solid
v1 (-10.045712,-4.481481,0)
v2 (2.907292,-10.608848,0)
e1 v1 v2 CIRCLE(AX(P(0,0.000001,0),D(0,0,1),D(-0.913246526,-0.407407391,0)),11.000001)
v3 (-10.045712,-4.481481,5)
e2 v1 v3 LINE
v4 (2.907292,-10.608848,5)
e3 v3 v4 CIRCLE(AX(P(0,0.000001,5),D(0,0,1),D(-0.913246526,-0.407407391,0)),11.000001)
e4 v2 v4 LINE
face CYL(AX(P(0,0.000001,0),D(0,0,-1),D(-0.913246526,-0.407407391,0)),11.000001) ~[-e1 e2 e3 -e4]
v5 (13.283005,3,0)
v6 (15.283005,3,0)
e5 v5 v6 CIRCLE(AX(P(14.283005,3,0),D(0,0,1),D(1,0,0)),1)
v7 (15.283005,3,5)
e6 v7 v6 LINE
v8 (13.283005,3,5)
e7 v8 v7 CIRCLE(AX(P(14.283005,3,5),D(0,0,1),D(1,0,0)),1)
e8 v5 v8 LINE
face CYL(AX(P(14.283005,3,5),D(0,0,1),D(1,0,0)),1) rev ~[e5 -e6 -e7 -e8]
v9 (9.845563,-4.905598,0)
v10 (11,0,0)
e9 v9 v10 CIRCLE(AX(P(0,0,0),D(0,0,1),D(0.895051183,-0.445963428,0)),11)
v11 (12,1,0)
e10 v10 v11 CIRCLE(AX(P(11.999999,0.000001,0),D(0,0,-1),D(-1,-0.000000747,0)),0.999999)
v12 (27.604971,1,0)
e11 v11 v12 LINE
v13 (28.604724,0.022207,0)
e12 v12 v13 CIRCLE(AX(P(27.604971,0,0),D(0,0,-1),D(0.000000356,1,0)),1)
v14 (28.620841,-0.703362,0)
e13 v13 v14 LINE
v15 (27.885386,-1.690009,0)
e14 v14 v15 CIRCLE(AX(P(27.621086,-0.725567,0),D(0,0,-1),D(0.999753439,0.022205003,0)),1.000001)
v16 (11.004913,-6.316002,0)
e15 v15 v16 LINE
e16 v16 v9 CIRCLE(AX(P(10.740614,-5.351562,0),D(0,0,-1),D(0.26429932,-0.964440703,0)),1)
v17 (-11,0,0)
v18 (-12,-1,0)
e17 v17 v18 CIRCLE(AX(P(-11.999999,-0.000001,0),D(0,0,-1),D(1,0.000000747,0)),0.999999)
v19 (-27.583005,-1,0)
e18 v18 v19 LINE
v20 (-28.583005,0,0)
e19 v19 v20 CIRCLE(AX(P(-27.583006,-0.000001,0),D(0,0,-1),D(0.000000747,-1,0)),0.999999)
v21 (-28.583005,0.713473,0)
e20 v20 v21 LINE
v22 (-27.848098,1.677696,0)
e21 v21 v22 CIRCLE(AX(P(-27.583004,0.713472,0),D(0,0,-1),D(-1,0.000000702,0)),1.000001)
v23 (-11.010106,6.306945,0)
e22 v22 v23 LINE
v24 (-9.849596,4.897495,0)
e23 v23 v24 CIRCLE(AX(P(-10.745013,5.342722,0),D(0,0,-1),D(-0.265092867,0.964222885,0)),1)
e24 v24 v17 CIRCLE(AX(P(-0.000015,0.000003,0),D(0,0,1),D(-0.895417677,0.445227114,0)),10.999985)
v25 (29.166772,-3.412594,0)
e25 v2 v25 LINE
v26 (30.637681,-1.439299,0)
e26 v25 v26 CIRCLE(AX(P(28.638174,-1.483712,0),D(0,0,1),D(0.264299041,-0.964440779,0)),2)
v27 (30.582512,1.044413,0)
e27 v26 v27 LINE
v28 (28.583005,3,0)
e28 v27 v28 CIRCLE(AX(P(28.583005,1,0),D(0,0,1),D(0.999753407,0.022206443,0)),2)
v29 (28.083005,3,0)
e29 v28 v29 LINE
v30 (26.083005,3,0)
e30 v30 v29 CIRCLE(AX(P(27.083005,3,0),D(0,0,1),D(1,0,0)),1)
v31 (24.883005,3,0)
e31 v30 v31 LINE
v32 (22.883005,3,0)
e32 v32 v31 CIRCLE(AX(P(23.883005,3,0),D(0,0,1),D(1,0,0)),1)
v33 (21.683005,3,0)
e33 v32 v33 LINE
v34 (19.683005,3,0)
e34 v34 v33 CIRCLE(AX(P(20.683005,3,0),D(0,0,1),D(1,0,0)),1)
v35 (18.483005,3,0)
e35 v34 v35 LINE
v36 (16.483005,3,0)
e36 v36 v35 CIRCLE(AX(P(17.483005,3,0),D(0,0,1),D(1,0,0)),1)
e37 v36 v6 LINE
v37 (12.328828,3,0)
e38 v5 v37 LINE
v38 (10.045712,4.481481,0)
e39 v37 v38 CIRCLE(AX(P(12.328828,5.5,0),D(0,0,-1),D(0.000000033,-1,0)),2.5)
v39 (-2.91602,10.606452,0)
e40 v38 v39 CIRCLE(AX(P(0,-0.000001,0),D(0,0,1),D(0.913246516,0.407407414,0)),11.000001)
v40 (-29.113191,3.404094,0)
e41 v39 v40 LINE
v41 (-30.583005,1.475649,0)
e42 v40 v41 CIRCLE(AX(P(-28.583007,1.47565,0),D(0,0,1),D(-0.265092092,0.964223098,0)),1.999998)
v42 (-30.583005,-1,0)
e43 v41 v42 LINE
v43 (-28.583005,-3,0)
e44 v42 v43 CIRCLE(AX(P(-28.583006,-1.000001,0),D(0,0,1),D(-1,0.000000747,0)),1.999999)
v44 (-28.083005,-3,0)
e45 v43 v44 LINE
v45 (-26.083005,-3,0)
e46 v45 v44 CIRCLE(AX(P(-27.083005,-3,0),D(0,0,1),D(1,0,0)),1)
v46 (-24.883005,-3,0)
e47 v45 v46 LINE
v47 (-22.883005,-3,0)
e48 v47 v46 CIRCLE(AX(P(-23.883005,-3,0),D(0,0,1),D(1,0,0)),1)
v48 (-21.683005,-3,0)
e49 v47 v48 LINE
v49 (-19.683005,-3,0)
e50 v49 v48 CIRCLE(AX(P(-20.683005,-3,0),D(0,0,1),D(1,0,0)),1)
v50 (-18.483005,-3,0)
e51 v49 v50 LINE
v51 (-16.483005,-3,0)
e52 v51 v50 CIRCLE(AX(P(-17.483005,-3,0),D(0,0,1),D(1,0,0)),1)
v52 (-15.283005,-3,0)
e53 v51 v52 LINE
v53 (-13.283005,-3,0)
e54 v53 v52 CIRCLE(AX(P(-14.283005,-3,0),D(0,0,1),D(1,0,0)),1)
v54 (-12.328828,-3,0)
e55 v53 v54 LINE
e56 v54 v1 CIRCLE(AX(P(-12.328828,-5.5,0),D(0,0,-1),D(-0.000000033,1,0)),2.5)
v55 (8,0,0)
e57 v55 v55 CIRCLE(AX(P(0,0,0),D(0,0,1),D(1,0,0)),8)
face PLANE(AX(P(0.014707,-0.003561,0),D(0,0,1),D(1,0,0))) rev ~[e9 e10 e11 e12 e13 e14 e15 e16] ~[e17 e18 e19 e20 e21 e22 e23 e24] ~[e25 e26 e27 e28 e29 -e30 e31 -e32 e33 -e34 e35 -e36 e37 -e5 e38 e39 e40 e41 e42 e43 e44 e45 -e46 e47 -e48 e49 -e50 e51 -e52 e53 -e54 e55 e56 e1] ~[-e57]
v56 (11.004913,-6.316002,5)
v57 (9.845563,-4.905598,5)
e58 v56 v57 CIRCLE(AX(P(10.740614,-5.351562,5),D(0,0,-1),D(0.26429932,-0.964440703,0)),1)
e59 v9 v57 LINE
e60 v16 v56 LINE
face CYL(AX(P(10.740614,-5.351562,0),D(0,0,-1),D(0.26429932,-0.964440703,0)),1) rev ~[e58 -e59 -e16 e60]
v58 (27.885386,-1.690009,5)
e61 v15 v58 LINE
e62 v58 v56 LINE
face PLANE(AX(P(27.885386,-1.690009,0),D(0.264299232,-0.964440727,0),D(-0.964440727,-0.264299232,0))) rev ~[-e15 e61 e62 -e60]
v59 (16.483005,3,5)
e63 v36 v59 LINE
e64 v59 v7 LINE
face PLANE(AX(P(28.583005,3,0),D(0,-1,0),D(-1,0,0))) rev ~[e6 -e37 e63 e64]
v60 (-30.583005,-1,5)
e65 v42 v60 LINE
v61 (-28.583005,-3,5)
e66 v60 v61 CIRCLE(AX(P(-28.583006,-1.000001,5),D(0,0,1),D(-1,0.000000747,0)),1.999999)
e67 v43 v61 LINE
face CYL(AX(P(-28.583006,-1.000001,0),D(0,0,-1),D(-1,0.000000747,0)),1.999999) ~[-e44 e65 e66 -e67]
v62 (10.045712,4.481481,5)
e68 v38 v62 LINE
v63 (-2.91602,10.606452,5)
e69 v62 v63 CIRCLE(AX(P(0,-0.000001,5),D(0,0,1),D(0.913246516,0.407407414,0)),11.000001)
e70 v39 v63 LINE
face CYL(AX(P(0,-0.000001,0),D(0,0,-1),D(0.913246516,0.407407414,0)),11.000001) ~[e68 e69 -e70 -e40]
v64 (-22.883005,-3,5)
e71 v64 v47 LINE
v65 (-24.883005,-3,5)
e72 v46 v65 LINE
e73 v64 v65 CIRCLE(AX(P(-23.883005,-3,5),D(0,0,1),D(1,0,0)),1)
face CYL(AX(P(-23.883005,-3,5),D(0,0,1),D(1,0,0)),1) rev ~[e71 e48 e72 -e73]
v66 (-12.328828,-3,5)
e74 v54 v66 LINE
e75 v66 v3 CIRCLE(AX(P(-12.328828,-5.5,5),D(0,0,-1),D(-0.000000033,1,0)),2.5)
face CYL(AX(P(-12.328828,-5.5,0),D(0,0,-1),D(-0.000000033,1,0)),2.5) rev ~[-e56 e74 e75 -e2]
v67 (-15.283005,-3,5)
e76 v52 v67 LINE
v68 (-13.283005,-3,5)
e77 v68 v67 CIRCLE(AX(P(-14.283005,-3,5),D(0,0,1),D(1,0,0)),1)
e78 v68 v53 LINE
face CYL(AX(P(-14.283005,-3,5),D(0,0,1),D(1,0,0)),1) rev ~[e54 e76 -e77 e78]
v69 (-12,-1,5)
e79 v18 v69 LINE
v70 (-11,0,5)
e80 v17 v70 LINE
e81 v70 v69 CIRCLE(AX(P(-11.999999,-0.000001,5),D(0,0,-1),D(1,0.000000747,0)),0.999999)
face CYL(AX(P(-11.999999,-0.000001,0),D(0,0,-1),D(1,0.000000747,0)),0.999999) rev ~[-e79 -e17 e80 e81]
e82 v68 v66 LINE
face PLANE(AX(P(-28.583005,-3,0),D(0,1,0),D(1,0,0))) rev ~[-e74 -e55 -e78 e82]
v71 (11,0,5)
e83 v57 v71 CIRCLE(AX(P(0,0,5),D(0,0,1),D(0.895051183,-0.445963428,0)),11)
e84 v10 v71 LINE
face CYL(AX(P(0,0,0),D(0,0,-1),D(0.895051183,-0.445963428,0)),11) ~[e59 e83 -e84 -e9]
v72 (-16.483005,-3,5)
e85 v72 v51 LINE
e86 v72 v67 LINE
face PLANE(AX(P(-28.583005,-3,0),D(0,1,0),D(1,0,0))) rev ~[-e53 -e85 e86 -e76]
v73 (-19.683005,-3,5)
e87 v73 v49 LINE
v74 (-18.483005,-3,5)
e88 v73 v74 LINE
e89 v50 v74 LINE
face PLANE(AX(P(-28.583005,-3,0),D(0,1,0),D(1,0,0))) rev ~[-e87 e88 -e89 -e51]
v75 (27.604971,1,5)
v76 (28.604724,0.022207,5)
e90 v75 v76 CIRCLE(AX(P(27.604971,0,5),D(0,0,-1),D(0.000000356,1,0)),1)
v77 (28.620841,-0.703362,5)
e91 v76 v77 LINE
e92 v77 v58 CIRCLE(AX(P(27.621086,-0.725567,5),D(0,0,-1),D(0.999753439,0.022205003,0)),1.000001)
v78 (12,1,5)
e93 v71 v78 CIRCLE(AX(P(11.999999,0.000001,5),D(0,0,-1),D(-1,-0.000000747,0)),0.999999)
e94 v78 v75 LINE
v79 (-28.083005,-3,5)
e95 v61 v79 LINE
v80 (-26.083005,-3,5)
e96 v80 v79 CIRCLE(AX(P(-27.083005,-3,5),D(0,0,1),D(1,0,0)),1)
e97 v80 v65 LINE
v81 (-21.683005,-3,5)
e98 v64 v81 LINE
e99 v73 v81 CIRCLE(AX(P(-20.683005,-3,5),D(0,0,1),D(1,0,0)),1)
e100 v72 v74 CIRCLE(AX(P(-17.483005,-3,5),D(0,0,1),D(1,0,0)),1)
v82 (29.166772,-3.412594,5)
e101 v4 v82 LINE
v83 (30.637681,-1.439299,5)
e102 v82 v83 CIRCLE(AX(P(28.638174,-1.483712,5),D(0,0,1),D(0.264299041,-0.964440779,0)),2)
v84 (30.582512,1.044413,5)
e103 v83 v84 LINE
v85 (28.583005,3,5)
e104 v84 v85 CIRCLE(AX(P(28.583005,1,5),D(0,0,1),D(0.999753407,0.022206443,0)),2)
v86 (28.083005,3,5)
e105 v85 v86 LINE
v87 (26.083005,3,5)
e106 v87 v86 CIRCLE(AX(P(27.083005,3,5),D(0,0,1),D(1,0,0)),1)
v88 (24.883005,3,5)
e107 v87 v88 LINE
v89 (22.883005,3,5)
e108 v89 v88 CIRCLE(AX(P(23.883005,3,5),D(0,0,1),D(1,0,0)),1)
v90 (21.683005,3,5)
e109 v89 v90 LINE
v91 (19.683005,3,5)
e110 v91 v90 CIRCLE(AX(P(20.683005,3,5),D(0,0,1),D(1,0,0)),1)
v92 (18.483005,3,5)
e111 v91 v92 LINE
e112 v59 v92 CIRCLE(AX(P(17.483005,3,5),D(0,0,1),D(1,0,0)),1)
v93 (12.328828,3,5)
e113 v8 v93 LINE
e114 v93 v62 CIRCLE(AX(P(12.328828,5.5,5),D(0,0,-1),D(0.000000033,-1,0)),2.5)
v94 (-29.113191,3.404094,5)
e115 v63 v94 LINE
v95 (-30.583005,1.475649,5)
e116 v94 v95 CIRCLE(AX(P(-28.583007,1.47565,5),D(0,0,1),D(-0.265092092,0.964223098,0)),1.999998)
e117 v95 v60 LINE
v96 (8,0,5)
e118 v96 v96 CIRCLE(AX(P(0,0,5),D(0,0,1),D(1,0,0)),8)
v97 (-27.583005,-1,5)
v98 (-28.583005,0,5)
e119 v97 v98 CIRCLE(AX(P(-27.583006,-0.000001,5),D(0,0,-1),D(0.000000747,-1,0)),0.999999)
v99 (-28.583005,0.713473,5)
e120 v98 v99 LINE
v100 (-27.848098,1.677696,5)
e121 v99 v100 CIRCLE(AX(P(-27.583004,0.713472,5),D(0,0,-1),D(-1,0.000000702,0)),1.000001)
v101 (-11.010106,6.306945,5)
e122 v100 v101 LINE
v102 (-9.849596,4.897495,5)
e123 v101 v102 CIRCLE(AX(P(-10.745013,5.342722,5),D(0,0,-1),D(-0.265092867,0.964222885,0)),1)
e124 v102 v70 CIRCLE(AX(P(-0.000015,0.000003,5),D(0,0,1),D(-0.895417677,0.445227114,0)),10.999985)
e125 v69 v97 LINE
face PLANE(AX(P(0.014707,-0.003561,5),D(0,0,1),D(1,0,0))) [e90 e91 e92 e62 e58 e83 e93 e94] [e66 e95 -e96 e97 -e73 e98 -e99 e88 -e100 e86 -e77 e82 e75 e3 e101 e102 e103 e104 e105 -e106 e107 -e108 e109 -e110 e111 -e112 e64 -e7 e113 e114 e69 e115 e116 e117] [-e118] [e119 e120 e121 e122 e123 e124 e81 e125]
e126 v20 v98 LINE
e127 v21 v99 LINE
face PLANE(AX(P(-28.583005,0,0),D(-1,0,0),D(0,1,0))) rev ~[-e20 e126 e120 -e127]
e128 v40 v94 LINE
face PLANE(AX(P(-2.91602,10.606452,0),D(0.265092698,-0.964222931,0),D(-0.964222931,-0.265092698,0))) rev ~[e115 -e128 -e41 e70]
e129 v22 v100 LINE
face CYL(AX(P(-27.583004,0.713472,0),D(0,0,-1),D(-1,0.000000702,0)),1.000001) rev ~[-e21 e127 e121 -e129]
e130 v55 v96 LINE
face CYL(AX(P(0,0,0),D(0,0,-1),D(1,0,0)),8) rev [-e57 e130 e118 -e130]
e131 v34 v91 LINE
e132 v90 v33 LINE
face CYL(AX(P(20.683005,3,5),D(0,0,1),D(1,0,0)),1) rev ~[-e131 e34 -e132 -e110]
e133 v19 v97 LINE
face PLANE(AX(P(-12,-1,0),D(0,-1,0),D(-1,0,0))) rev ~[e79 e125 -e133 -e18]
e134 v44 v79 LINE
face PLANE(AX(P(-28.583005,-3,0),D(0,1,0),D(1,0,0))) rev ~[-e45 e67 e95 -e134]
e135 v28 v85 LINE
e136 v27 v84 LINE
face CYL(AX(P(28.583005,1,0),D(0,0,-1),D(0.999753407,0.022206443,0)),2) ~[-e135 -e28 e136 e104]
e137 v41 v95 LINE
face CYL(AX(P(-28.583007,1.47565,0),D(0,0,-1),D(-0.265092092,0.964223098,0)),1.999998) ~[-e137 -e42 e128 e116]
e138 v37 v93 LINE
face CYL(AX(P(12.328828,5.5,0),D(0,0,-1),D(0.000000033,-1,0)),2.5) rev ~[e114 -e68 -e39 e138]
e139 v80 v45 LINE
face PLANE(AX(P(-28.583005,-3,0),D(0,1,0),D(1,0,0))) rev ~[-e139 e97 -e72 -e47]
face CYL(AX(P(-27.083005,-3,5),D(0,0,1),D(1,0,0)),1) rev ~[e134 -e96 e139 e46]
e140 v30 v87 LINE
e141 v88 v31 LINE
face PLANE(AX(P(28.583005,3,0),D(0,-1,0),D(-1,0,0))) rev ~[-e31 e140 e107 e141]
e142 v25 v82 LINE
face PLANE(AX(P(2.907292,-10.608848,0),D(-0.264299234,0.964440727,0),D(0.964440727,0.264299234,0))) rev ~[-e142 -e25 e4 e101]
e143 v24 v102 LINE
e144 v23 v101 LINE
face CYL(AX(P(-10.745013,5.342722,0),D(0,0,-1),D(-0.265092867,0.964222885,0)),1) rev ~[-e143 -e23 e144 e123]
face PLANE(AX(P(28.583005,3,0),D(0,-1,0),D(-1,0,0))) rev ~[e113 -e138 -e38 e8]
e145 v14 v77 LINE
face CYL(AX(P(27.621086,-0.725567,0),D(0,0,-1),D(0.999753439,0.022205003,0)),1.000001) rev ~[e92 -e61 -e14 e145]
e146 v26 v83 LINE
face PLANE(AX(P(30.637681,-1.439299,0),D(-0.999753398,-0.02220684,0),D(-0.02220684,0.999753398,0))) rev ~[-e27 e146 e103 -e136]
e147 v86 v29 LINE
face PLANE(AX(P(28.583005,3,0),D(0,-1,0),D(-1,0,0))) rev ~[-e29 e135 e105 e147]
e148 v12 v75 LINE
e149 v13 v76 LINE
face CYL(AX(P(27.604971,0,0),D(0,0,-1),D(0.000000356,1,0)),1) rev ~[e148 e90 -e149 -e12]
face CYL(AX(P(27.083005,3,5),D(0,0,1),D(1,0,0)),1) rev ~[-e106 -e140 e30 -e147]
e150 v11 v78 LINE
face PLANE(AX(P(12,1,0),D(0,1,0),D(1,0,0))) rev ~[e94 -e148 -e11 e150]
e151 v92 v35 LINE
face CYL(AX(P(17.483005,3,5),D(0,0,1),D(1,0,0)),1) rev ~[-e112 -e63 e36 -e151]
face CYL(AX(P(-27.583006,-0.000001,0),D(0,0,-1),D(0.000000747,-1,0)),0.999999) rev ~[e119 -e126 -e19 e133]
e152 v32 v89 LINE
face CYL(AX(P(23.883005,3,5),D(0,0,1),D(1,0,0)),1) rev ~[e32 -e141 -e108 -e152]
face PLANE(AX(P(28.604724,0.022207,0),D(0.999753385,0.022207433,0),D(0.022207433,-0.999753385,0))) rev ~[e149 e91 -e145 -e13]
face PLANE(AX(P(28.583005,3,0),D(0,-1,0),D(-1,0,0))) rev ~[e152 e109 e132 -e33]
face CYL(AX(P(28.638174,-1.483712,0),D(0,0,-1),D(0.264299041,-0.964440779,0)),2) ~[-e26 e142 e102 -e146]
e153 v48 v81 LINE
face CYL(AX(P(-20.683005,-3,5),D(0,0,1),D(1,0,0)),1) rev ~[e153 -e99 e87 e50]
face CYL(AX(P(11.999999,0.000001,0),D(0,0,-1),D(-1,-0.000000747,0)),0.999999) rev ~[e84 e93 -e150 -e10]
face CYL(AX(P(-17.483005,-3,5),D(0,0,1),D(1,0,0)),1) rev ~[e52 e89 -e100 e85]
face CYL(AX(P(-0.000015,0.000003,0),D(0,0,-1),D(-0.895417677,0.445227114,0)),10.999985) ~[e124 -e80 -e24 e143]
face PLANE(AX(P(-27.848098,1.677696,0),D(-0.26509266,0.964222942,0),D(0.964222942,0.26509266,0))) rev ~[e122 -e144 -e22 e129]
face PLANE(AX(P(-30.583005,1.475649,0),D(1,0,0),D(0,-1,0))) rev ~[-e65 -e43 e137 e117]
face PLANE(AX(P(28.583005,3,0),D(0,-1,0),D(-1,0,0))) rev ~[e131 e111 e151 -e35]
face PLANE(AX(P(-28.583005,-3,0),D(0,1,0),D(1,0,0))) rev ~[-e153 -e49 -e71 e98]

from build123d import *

# Parameters (mm, degrees)
F0_R     = 8
F1_DEPTH = 5
F2_R     = 1
F3_DEPTH = 25


with BuildPart() as f1:
    # F0 (on Top) → F1 (new body)
    with BuildSketch(Plane.XY):
        with BuildLine():
            Line((28.583005, 3), (12.328828, 3))
            ThreePointArc((12.328828, 3), (10.968, 3.402824), (10.045712, 4.481481))
            ThreePointArc((10.045712, 4.481481), (4.699675, 9.945504), (-2.91602, 10.606452))
            Line((-2.91602, 10.606452), (-29.113191, 3.404094))
            ThreePointArc((-29.113191, 3.404094), (-30.173661, 2.688008), (-30.583005, 1.475649))
            Line((-30.583005, 1.475649), (-30.583005, -1))
            ThreePointArc((-30.583005, -1), (-29.997219, -2.414214), (-28.583005, -3))
            Line((-28.583005, -3), (-12.328828, -3))
            ThreePointArc((-12.328828, -3), (-10.968, -3.402824), (-10.045712, -4.481481))
            ThreePointArc((-10.045712, -4.481481), (-4.703766, -9.94357), (2.907292, -10.608848))
            Line((2.907292, -10.608848), (29.166772, -3.412594))
            ThreePointArc((29.166772, -3.412594), (30.241702, -2.678994), (30.637681, -1.439299))
            Line((30.637681, -1.439299), (30.582512, 1.044413))
            ThreePointArc((30.582512, 1.044413), (29.981428, 2.42983), (28.583005, 3))
        make_face()
        with BuildLine():
            ThreePointArc((28.620841, -0.703362), (28.422851, -1.323209), (27.885386, -1.690009))
            Line((27.885386, -1.690009), (11.004913, -6.316002))
            ThreePointArc((11.004913, -6.316002), (9.968104, -5.986564), (9.845563, -4.905598))
            ThreePointArc((9.845563, -4.905598), (10.707502, -2.519802), (11, 0))
            ThreePointArc((11, 0), (11.292893, 0.707107), (12, 1))
            Line((12, 1), (27.604971, 1))
            ThreePointArc((27.604971, 1), (28.304182, 0.714915), (28.604724, 0.022207))
            Line((28.604724, 0.022207), (28.620841, -0.703362))
        make_face(mode=Mode.SUBTRACT)
        with BuildLine():
            ThreePointArc((-11.010106, 6.306945), (-9.973026, 5.97836), (-9.849596, 4.897495))
            ThreePointArc((-9.849596, 4.897495), (-10.708538, 2.515397), (-11, 0))
            ThreePointArc((-11, 0), (-11.292893, -0.707107), (-12, -1))
            Line((-12, -1), (-27.583005, -1))
            ThreePointArc((-27.583005, -1), (-28.290112, -0.707107), (-28.583005, 0))
            Line((-28.583005, 0), (-28.583005, 0.713473))
            ThreePointArc((-28.583005, 0.713473), (-28.378333, 1.319652), (-27.848098, 1.677696))
            Line((-27.848098, 1.677696), (-11.010106, 6.306945))
        make_face(mode=Mode.SUBTRACT)
        Circle(F0_R, mode=Mode.SUBTRACT)
    extrude(amount=F1_DEPTH)

    # F2 (on face) → F3 (cut)
    with BuildSketch(Plane.XY.offset(5)):
        with Locations((-27.083005, -3)):
            Circle(F2_R)
        with Locations((-23.883005, -3)):
            Circle(F2_R)
        with Locations((-20.683005, -3)):
            Circle(F2_R)
        with Locations((-17.483005, -3)):
            Circle(F2_R)
        with Locations((-14.283005, -3)):
            Circle(F2_R)
        with Locations((27.083005, 3)):
            Circle(F2_R)
        with Locations((23.883005, 3)):
            Circle(F2_R)
        with Locations((20.683005, 3)):
            Circle(F2_R)
        with Locations((17.483005, 3)):
            Circle(F2_R)
        with Locations((14.283005, 3)):
            Circle(F2_R)
    extrude(amount=-F3_DEPTH, mode=Mode.SUBTRACT)


solid = f1.part
